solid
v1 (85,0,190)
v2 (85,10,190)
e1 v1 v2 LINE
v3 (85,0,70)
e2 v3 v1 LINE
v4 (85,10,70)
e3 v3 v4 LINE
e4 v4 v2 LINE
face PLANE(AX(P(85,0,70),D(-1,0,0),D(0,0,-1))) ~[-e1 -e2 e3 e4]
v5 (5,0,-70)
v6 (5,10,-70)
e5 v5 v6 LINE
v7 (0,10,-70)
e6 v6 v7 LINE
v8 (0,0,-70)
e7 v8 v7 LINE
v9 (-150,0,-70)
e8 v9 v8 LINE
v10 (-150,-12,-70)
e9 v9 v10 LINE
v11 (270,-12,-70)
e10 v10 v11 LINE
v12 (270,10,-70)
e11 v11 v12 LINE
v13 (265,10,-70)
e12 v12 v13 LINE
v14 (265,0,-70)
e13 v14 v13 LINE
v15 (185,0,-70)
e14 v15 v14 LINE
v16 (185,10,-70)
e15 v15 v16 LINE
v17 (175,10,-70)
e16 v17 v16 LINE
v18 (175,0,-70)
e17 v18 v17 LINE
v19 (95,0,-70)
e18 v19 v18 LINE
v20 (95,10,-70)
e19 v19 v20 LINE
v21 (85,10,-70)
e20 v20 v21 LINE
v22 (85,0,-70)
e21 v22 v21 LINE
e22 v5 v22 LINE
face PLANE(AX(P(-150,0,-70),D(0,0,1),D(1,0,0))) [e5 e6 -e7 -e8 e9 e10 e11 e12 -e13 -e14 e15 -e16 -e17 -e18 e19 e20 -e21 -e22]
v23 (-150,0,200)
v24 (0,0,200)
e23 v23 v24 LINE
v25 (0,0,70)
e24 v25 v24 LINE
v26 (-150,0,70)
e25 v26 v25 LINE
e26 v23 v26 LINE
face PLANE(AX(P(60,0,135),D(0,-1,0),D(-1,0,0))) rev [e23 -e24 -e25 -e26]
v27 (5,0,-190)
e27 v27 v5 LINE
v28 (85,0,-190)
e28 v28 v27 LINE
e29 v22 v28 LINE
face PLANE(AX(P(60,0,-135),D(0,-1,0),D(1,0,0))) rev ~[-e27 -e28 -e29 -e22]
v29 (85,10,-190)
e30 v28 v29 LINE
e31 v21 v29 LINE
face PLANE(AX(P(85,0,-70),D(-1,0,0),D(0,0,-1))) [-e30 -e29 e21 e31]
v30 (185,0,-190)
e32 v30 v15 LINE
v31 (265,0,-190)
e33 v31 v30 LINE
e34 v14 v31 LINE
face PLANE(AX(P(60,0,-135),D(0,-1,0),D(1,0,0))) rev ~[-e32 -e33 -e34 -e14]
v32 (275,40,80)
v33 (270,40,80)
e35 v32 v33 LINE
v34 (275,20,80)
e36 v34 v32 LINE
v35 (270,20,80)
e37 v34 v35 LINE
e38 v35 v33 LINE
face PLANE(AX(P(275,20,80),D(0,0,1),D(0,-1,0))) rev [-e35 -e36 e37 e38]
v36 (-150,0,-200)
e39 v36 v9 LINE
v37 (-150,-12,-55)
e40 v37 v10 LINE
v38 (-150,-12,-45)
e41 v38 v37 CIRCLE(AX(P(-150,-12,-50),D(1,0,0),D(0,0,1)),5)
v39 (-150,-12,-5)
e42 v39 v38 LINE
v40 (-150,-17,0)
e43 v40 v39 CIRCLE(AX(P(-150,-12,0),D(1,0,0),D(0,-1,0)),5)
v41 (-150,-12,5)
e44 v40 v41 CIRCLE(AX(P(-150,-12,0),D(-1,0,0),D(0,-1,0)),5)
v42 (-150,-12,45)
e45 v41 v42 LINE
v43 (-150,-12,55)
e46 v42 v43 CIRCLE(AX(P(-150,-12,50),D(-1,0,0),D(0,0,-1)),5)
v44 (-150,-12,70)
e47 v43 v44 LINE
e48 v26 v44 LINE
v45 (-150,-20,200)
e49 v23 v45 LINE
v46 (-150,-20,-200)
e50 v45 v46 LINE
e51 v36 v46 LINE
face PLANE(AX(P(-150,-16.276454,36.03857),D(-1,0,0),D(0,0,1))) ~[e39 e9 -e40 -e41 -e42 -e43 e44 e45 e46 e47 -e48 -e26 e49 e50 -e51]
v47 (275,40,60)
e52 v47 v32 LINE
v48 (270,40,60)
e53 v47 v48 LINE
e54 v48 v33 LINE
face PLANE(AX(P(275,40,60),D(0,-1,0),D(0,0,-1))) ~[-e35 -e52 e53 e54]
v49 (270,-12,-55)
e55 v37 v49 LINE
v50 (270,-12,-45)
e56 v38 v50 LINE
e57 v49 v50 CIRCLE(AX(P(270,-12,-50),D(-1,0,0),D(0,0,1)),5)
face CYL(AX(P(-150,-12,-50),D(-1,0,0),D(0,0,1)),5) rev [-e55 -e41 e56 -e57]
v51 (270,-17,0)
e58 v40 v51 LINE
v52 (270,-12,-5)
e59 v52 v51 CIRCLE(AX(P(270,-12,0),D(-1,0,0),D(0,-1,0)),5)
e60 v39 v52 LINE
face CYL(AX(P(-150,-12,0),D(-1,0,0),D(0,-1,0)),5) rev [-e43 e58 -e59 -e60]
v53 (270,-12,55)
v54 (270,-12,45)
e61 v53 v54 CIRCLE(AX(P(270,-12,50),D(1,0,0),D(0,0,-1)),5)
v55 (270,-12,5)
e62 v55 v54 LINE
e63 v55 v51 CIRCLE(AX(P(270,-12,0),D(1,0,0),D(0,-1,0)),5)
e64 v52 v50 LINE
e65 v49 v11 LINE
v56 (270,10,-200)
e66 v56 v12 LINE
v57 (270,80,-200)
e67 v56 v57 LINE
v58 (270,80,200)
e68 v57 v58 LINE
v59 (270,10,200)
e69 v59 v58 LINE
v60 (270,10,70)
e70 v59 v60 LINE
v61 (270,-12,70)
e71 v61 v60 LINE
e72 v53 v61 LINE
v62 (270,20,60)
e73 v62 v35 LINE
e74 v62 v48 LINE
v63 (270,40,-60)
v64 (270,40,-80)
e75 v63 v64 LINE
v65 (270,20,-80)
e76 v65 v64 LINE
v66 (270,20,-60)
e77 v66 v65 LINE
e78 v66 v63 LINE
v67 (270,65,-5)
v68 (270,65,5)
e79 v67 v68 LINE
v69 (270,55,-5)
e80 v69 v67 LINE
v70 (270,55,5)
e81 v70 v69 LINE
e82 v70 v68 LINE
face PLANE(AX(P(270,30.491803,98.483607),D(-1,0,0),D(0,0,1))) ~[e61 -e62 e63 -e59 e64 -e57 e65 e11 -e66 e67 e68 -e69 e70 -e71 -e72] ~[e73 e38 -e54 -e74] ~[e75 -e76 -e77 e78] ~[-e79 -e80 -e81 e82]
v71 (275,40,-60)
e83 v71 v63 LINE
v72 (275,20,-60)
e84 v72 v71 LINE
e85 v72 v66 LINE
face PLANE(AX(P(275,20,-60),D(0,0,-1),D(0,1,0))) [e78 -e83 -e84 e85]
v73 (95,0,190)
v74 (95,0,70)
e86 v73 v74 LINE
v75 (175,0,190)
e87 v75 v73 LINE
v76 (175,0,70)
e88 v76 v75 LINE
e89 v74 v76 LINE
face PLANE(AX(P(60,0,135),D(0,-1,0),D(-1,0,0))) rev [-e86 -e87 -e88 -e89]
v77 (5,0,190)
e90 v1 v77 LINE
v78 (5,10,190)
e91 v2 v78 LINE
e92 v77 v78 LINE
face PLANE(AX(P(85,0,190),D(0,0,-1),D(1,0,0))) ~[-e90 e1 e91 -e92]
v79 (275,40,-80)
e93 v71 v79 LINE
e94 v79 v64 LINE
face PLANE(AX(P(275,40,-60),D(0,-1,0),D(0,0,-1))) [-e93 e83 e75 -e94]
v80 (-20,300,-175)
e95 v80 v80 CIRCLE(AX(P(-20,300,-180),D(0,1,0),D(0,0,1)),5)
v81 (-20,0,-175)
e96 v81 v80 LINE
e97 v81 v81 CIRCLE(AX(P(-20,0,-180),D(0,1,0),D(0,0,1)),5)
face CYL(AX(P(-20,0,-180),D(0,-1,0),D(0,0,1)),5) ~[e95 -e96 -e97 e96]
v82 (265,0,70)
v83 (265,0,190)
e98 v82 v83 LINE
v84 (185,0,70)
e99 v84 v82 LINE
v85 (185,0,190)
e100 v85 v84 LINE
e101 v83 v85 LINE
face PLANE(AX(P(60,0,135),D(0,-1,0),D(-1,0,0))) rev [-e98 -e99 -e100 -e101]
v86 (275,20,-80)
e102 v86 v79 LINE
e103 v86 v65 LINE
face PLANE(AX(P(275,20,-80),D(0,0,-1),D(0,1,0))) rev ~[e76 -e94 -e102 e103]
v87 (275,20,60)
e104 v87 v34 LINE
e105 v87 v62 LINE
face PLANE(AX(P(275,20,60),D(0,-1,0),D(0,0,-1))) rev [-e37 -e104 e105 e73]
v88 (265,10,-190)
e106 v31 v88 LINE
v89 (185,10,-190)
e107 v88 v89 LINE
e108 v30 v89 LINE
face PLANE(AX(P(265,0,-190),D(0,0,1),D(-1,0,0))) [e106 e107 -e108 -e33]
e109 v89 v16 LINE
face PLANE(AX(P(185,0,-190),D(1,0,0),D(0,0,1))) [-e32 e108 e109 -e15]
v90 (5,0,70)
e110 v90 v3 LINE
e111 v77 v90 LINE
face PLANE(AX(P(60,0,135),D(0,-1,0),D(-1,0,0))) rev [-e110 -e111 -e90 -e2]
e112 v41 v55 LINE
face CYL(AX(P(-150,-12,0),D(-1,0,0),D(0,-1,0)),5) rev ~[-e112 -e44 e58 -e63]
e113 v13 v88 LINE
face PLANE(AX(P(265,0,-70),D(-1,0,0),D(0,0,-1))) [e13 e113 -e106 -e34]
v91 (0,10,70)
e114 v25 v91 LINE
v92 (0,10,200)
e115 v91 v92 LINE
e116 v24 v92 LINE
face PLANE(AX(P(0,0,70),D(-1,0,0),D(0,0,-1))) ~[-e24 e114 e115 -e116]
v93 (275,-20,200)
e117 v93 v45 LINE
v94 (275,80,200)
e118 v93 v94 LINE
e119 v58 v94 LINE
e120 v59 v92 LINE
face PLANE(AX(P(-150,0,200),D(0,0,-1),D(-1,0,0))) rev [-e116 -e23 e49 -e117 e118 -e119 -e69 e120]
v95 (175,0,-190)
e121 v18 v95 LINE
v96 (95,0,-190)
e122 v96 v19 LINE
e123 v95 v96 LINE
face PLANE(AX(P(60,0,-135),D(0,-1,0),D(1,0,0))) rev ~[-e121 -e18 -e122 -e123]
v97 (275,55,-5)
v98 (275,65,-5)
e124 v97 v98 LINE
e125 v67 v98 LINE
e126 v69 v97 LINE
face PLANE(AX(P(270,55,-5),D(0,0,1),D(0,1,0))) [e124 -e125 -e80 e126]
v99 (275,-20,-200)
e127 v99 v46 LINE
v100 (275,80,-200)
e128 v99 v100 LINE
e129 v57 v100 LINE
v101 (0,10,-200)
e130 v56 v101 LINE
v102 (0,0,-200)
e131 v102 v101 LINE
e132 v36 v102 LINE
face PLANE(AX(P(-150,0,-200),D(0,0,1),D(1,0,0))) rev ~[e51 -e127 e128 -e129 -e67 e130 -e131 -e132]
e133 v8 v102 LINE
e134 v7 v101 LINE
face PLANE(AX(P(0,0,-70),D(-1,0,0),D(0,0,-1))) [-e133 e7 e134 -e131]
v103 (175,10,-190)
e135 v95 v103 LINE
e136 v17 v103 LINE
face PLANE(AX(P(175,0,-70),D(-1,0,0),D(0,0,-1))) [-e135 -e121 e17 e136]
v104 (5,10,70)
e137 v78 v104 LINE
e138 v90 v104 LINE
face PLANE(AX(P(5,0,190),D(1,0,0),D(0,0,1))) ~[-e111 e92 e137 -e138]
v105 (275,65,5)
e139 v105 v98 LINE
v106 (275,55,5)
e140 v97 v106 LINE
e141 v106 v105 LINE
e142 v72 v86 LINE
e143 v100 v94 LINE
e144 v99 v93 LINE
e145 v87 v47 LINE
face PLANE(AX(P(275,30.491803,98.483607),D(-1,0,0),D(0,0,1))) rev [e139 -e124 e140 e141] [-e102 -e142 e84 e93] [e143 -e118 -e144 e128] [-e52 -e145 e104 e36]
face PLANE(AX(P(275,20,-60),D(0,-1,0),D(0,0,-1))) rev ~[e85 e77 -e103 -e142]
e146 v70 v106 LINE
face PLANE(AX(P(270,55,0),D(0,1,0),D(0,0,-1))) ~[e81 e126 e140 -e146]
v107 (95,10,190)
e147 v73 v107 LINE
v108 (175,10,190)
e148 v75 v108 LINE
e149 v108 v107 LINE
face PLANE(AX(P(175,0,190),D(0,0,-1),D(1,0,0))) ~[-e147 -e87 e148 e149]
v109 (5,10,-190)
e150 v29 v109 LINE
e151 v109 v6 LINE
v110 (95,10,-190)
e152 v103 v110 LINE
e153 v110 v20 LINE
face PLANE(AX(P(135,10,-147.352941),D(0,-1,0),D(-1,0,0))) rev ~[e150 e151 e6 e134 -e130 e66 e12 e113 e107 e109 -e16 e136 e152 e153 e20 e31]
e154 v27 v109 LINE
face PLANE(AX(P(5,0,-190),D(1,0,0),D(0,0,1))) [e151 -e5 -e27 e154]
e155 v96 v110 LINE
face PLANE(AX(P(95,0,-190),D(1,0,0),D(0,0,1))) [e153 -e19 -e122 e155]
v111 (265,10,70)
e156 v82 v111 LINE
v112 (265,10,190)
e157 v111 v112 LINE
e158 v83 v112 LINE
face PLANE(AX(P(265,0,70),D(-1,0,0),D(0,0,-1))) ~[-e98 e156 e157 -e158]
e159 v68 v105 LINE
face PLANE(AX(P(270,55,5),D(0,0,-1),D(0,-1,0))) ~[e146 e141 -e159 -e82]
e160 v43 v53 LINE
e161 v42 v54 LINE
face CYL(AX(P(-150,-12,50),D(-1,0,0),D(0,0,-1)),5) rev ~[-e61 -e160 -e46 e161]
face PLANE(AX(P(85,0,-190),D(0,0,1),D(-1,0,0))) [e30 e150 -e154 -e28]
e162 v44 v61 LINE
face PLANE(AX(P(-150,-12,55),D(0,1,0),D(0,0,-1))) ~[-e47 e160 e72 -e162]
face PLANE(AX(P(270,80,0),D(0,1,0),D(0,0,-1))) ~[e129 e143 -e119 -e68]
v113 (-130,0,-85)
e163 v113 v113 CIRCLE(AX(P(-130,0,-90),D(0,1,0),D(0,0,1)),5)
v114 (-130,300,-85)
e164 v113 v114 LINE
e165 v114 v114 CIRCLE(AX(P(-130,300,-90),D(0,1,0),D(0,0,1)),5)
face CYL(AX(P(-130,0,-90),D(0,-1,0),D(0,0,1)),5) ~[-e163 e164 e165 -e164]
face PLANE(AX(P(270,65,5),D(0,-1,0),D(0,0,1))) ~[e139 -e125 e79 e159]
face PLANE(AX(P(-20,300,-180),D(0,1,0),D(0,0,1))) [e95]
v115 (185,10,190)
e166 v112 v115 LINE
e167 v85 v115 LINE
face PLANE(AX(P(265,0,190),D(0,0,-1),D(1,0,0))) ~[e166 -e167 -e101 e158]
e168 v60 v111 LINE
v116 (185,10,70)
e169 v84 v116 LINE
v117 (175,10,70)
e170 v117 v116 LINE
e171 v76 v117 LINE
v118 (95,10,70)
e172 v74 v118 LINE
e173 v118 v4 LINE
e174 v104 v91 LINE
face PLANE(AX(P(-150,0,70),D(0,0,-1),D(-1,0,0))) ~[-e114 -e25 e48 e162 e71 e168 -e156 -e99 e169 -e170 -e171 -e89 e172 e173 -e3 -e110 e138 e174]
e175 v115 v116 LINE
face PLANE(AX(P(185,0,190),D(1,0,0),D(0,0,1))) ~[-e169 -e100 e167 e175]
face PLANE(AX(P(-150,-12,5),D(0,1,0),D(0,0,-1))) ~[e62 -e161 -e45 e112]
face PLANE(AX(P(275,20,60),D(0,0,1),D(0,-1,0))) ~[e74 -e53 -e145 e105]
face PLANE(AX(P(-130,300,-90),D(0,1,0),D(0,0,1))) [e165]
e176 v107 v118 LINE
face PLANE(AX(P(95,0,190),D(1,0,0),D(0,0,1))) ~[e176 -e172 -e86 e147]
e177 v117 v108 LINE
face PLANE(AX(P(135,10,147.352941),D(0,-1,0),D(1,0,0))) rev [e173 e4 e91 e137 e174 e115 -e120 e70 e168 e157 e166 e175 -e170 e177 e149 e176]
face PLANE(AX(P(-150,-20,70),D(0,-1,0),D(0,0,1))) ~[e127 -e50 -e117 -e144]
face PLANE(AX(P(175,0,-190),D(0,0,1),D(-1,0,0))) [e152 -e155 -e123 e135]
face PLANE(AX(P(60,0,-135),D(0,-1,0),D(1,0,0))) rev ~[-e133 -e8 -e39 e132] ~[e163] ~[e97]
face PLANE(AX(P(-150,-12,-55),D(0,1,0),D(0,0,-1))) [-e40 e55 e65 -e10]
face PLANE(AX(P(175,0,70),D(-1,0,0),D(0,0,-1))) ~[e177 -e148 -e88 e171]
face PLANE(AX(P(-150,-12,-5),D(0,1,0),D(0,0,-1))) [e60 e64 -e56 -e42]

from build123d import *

# Parameters (mm, degrees)
PARKING_DEPTH       = 10
PARKINGS_COUNT      = 3
PARKINGS_PITCH      = 90
RIGHTWALL_DEPTH     = 5
LASERHOLE_REACH     = 351.321
SKETCH2_W           = 20
SKETCH2_H           = 20
SKETCH5_W           = 420
SKETCH5_H           = 130
PARKINGBOTTOM_DEPTH = 20
CARTBOTTOM_DEPTH    = 425
SKETCH9_R           = 5
THREADEDROD_DEPTH   = 300


with BuildPart() as part:
    # SingleLot → Parking (new body)
    with BuildSketch(Plane(origin=(0, 0, 0), x_dir=(1, 0, 0), z_dir=(0, 1, 0))):
        Polygon((5, 70), (0, 70), (0, 200), (90, 200), (90, 70), (85, 70), (85, 190), (5, 190), align=None)
    parking = extrude(amount=PARKING_DEPTH)

    # Parkings: Parking ×3
    with Locations(*[(i * PARKINGS_PITCH, 0, 0) for i in range(1, PARKINGS_COUNT)]):
        add(parking)

    # Wall → RightWall (add)
    with BuildSketch(Plane(origin=(270, 0, 0), x_dir=(0, 0, -1), z_dir=(1, 0, 0))):
        Polygon((0, 65), (0, 80), (200, 80), (200, 0), (200, -20), (0, -20), (0, 0), (0, 55), (5, 55), (5, 65), align=None)
    extrude(amount=RIGHTWALL_DEPTH)

    # Sketch2 → LaserHole (cut, up to next)
    with BuildSketch(Plane(origin=(275, 0, 0), x_dir=(0, 0, -1), z_dir=(1, 0, 0)), mode=Mode.PRIVATE) as laserhole_sk1:
        with Locations((70, 30)):
            Rectangle(SKETCH2_W, SKETCH2_H)
    laserhole_tool1 = extrude(laserhole_sk1.sketch, amount=-LASERHOLE_REACH, mode=Mode.PRIVATE) & part.part
    add(laserhole_tool1.solids().sort_by_distance((275, 30, -70))[0], mode=Mode.SUBTRACT)

    # Sketch5 → ParkingBottom (add)
    with BuildSketch(Plane.XZ):
        with Locations((60, -135)):
            Rectangle(SKETCH5_W, SKETCH5_H)
    extrude(amount=PARKINGBOTTOM_DEPTH)

    # Sketch8 → CartBottom (add)
    with BuildSketch(Plane.ZY.offset(150)):
        with BuildLine():
            Line((-70, -20), (0, -20))
            Line((0, -20), (0, -17))
            ThreePointArc((0, -17), (-3.535533906, -15.535533906), (-5, -12))
            Line((-5, -12), (-45, -12))
            ThreePointArc((-45, -12), (-50, -17), (-55, -12))
            Line((-55, -12), (-70, -12))
            Line((-70, -12), (-70, -20))
        make_face()
    extrude(amount=-CARTBOTTOM_DEPTH)

    # Mirror8: part across plane


with BuildPart() as part_1:
    add(part.part)
    add(part.part.mirror(Plane.XY))

    # Sketch9 → ThreadedRod (add)
    with BuildSketch(Plane(origin=(0, 0, 0), x_dir=(1, 0, 0), z_dir=(0, 1, 0))):
        with Locations(Location((-130, 90, 0), (0, 0, 270))):
            Circle(SKETCH9_R)
        with Locations(Location((-20, 180, 0), (0, 0, 270))):
            Circle(SKETCH9_R)
    extrude(amount=THREADEDROD_DEPTH)


solid = part_1.part
